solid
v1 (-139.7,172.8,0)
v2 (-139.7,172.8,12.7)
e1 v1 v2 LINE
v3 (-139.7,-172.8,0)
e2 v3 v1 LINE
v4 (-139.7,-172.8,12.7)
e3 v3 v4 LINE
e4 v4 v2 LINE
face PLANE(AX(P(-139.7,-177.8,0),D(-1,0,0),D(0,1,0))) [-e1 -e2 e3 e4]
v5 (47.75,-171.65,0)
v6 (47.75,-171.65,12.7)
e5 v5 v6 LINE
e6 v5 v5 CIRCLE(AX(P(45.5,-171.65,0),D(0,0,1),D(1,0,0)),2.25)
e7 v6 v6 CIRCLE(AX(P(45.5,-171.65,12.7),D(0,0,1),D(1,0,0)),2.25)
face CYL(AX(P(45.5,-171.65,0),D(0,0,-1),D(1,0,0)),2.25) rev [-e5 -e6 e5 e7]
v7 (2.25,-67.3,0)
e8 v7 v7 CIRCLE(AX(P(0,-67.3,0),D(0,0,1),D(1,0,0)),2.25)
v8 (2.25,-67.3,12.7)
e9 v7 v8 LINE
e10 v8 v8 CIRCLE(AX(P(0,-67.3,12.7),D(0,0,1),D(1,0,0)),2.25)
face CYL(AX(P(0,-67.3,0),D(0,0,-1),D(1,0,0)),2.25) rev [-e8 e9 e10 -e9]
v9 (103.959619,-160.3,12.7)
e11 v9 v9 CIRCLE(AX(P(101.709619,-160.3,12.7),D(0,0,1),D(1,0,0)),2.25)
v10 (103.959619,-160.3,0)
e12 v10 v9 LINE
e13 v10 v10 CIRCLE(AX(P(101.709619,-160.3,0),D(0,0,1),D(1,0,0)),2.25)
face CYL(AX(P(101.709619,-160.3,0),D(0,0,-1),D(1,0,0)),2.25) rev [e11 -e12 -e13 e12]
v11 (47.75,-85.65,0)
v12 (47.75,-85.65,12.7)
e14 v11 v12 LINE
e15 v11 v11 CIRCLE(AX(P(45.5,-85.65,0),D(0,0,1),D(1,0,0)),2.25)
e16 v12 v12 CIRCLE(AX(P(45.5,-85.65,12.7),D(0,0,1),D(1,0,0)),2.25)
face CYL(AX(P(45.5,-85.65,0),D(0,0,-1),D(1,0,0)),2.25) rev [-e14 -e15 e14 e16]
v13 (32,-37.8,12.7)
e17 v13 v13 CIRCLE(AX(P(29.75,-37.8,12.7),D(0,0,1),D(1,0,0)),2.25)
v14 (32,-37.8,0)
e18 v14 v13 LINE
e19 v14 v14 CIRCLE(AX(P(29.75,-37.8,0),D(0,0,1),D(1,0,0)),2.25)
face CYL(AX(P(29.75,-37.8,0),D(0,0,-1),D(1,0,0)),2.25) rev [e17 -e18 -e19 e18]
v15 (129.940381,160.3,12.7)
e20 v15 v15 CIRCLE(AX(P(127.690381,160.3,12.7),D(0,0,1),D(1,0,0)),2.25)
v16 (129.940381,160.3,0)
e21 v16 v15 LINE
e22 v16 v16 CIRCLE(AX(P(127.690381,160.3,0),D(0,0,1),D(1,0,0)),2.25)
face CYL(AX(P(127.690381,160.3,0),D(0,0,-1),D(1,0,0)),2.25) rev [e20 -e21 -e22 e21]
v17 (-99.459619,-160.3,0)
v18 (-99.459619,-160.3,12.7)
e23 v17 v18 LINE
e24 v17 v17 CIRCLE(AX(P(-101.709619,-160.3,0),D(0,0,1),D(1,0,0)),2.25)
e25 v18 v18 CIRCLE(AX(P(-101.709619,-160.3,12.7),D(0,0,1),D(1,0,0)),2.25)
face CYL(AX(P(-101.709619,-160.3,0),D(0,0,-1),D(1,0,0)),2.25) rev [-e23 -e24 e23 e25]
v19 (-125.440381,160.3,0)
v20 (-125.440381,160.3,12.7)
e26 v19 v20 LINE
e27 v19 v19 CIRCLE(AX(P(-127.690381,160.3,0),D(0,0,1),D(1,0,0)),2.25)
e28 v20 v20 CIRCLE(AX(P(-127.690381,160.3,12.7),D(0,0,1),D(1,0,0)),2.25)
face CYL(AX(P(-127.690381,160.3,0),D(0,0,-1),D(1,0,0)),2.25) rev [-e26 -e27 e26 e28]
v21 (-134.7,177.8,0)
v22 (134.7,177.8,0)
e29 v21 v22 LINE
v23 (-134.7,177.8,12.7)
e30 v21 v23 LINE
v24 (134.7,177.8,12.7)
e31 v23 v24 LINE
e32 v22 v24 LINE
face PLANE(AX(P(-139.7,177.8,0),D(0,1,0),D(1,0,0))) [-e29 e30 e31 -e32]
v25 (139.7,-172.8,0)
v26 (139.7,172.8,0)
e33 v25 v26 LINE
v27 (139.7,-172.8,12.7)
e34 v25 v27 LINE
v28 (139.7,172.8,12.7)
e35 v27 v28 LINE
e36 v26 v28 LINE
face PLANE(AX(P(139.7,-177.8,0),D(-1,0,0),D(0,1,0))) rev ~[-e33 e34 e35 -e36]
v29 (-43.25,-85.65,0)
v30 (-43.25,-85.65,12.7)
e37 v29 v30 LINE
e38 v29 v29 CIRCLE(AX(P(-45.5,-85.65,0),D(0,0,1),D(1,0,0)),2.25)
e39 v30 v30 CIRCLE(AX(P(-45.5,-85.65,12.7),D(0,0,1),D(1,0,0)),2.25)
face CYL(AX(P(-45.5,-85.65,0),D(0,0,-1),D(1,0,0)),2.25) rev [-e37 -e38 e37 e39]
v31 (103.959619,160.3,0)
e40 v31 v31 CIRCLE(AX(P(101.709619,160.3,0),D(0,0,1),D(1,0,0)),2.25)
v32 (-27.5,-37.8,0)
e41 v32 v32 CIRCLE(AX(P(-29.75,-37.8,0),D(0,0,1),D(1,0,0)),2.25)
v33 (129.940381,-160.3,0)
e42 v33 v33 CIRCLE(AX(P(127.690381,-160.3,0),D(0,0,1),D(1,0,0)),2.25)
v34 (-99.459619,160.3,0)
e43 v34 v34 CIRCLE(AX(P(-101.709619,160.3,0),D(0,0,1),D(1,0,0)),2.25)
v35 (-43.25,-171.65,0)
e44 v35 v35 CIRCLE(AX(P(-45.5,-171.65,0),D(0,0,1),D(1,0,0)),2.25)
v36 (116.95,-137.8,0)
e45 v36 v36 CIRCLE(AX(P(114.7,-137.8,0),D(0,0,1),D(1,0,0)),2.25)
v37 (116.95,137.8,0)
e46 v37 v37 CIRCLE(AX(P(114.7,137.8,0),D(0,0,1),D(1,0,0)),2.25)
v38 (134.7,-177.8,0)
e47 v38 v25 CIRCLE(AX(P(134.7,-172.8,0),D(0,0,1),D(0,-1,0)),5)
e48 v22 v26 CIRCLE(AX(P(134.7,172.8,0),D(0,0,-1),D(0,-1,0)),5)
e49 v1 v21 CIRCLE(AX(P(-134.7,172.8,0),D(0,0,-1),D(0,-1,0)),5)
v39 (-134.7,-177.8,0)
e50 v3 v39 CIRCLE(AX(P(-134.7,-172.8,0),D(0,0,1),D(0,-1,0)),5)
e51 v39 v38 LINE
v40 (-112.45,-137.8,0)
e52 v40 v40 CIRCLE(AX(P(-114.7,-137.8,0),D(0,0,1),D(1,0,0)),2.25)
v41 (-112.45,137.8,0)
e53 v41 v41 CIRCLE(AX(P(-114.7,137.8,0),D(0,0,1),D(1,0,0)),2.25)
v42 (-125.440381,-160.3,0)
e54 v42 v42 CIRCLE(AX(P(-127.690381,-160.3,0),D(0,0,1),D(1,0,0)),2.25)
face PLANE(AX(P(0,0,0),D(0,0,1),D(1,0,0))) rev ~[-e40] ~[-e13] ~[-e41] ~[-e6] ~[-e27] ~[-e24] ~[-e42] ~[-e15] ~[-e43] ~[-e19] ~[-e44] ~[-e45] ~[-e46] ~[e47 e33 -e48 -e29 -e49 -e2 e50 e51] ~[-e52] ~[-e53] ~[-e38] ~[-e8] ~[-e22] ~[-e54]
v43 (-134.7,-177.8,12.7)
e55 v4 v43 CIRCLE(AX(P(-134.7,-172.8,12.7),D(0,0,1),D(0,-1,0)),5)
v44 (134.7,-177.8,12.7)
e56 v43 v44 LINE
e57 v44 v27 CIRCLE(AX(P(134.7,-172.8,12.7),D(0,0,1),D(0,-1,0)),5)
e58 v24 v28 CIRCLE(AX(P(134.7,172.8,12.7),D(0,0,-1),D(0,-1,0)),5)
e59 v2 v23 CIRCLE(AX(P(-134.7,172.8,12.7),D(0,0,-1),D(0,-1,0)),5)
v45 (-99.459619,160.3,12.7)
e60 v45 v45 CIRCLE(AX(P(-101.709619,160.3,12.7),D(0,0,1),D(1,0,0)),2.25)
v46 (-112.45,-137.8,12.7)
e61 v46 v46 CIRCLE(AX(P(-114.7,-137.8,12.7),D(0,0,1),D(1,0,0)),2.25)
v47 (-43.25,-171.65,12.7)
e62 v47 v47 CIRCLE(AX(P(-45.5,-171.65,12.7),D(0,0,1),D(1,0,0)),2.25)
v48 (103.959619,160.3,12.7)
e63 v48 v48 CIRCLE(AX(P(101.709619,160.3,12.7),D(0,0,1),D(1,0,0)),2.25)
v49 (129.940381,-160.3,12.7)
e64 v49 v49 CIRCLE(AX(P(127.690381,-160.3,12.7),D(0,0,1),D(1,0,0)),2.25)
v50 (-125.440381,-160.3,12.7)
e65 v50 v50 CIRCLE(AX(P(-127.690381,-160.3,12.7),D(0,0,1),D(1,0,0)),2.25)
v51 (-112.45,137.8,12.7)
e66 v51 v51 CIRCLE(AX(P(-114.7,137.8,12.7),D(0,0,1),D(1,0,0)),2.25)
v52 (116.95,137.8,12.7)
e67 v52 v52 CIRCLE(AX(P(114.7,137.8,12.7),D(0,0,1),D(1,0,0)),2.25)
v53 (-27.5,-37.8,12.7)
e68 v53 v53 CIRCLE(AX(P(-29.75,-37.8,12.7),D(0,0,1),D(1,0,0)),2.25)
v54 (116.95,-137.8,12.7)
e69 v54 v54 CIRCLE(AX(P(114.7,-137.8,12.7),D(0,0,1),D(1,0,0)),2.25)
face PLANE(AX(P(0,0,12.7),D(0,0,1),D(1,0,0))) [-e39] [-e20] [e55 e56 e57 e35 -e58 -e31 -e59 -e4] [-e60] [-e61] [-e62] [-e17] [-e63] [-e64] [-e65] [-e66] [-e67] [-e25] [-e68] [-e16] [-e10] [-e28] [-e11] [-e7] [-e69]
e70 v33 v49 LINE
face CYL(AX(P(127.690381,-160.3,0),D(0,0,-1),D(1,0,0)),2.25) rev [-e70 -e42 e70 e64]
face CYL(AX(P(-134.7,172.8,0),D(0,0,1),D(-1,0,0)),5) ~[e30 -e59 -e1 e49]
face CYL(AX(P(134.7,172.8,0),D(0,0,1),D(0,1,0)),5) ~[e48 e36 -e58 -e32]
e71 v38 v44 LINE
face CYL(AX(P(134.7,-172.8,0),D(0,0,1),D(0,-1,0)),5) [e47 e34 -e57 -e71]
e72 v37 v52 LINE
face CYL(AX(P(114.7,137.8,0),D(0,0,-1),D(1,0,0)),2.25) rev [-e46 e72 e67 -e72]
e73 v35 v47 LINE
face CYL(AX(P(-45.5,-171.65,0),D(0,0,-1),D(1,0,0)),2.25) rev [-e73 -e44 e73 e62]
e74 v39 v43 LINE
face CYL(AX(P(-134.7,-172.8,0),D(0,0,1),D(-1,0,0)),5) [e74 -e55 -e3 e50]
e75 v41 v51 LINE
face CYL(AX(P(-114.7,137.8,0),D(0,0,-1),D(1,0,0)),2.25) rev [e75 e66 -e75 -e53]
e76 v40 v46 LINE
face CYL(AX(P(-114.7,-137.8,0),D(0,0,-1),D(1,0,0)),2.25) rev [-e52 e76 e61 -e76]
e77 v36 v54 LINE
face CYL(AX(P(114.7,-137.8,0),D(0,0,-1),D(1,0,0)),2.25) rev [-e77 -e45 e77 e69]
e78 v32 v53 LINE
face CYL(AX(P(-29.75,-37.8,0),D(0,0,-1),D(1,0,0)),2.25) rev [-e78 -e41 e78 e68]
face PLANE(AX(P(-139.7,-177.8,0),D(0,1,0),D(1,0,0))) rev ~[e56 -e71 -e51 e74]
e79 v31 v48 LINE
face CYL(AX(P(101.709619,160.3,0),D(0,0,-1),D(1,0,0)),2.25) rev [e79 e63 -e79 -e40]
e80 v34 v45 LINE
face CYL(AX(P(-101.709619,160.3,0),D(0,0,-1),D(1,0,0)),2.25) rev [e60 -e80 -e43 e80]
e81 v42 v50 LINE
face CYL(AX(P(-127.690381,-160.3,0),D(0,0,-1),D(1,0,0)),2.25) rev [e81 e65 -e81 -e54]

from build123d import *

# Parameters (mm, degrees)
F0_W     = 279.4
F0_H     = 355.6
F0_R     = 2.25
F1_DEPTH = 12.7
F2_R     = 5


with BuildPart() as f1:
    # F0 (on Top) → F1 (new body)
    with BuildSketch(Plane.XY):
        Rectangle(F0_W, F0_H)
        with Locations((-127.690381, -160.3)):
            Circle(F0_R, mode=Mode.SUBTRACT)
        with Locations((-114.7, -137.8)):
            Circle(F0_R, mode=Mode.SUBTRACT)
        with Locations((-101.709619, -160.3)):
            Circle(F0_R, mode=Mode.SUBTRACT)
        with Locations((-45.5, -171.65)):
            Circle(F0_R, mode=Mode.SUBTRACT)
        with Locations((-45.5, -85.65)):
            Circle(F0_R, mode=Mode.SUBTRACT)
        with Locations((-29.75, -37.8)):
            Circle(F0_R, mode=Mode.SUBTRACT)
        with Locations((45.5, -171.65)):
            Circle(F0_R, mode=Mode.SUBTRACT)
        with Locations((101.709619, -160.3)):
            Circle(F0_R, mode=Mode.SUBTRACT)
        with Locations((127.690381, -160.3)):
            Circle(F0_R, mode=Mode.SUBTRACT)
        with Locations((114.7, -137.8)):
            Circle(F0_R, mode=Mode.SUBTRACT)
        with Locations((0, -67.3)):
            Circle(F0_R, mode=Mode.SUBTRACT)
        with Locations((45.5, -85.65)):
            Circle(F0_R, mode=Mode.SUBTRACT)
        with Locations((29.75, -37.8)):
            Circle(F0_R, mode=Mode.SUBTRACT)
        with Locations((-114.7, 137.8)):
            Circle(F0_R, mode=Mode.SUBTRACT)
        with Locations((-127.690381, 160.3)):
            Circle(F0_R, mode=Mode.SUBTRACT)
        with Locations((-101.709619, 160.3)):
            Circle(F0_R, mode=Mode.SUBTRACT)
        with Locations((101.709619, 160.3)):
            Circle(F0_R, mode=Mode.SUBTRACT)
        with Locations((114.7, 137.8)):
            Circle(F0_R, mode=Mode.SUBTRACT)
        with Locations((127.690381, 160.3)):
            Circle(F0_R, mode=Mode.SUBTRACT)
    extrude(amount=F1_DEPTH)

    # F2
    f2_edges = [f1.edges().sort_by_distance(p)[0] for p in [
        (-139.7, -177.8, 6.35),
        (139.7, -177.8, 6.35),
        (139.7, 177.8, 6.35),
        (-139.7, 177.8, 6.35),
    ]]
    fillet(f2_edges, radius=F2_R)


solid = f1.part
